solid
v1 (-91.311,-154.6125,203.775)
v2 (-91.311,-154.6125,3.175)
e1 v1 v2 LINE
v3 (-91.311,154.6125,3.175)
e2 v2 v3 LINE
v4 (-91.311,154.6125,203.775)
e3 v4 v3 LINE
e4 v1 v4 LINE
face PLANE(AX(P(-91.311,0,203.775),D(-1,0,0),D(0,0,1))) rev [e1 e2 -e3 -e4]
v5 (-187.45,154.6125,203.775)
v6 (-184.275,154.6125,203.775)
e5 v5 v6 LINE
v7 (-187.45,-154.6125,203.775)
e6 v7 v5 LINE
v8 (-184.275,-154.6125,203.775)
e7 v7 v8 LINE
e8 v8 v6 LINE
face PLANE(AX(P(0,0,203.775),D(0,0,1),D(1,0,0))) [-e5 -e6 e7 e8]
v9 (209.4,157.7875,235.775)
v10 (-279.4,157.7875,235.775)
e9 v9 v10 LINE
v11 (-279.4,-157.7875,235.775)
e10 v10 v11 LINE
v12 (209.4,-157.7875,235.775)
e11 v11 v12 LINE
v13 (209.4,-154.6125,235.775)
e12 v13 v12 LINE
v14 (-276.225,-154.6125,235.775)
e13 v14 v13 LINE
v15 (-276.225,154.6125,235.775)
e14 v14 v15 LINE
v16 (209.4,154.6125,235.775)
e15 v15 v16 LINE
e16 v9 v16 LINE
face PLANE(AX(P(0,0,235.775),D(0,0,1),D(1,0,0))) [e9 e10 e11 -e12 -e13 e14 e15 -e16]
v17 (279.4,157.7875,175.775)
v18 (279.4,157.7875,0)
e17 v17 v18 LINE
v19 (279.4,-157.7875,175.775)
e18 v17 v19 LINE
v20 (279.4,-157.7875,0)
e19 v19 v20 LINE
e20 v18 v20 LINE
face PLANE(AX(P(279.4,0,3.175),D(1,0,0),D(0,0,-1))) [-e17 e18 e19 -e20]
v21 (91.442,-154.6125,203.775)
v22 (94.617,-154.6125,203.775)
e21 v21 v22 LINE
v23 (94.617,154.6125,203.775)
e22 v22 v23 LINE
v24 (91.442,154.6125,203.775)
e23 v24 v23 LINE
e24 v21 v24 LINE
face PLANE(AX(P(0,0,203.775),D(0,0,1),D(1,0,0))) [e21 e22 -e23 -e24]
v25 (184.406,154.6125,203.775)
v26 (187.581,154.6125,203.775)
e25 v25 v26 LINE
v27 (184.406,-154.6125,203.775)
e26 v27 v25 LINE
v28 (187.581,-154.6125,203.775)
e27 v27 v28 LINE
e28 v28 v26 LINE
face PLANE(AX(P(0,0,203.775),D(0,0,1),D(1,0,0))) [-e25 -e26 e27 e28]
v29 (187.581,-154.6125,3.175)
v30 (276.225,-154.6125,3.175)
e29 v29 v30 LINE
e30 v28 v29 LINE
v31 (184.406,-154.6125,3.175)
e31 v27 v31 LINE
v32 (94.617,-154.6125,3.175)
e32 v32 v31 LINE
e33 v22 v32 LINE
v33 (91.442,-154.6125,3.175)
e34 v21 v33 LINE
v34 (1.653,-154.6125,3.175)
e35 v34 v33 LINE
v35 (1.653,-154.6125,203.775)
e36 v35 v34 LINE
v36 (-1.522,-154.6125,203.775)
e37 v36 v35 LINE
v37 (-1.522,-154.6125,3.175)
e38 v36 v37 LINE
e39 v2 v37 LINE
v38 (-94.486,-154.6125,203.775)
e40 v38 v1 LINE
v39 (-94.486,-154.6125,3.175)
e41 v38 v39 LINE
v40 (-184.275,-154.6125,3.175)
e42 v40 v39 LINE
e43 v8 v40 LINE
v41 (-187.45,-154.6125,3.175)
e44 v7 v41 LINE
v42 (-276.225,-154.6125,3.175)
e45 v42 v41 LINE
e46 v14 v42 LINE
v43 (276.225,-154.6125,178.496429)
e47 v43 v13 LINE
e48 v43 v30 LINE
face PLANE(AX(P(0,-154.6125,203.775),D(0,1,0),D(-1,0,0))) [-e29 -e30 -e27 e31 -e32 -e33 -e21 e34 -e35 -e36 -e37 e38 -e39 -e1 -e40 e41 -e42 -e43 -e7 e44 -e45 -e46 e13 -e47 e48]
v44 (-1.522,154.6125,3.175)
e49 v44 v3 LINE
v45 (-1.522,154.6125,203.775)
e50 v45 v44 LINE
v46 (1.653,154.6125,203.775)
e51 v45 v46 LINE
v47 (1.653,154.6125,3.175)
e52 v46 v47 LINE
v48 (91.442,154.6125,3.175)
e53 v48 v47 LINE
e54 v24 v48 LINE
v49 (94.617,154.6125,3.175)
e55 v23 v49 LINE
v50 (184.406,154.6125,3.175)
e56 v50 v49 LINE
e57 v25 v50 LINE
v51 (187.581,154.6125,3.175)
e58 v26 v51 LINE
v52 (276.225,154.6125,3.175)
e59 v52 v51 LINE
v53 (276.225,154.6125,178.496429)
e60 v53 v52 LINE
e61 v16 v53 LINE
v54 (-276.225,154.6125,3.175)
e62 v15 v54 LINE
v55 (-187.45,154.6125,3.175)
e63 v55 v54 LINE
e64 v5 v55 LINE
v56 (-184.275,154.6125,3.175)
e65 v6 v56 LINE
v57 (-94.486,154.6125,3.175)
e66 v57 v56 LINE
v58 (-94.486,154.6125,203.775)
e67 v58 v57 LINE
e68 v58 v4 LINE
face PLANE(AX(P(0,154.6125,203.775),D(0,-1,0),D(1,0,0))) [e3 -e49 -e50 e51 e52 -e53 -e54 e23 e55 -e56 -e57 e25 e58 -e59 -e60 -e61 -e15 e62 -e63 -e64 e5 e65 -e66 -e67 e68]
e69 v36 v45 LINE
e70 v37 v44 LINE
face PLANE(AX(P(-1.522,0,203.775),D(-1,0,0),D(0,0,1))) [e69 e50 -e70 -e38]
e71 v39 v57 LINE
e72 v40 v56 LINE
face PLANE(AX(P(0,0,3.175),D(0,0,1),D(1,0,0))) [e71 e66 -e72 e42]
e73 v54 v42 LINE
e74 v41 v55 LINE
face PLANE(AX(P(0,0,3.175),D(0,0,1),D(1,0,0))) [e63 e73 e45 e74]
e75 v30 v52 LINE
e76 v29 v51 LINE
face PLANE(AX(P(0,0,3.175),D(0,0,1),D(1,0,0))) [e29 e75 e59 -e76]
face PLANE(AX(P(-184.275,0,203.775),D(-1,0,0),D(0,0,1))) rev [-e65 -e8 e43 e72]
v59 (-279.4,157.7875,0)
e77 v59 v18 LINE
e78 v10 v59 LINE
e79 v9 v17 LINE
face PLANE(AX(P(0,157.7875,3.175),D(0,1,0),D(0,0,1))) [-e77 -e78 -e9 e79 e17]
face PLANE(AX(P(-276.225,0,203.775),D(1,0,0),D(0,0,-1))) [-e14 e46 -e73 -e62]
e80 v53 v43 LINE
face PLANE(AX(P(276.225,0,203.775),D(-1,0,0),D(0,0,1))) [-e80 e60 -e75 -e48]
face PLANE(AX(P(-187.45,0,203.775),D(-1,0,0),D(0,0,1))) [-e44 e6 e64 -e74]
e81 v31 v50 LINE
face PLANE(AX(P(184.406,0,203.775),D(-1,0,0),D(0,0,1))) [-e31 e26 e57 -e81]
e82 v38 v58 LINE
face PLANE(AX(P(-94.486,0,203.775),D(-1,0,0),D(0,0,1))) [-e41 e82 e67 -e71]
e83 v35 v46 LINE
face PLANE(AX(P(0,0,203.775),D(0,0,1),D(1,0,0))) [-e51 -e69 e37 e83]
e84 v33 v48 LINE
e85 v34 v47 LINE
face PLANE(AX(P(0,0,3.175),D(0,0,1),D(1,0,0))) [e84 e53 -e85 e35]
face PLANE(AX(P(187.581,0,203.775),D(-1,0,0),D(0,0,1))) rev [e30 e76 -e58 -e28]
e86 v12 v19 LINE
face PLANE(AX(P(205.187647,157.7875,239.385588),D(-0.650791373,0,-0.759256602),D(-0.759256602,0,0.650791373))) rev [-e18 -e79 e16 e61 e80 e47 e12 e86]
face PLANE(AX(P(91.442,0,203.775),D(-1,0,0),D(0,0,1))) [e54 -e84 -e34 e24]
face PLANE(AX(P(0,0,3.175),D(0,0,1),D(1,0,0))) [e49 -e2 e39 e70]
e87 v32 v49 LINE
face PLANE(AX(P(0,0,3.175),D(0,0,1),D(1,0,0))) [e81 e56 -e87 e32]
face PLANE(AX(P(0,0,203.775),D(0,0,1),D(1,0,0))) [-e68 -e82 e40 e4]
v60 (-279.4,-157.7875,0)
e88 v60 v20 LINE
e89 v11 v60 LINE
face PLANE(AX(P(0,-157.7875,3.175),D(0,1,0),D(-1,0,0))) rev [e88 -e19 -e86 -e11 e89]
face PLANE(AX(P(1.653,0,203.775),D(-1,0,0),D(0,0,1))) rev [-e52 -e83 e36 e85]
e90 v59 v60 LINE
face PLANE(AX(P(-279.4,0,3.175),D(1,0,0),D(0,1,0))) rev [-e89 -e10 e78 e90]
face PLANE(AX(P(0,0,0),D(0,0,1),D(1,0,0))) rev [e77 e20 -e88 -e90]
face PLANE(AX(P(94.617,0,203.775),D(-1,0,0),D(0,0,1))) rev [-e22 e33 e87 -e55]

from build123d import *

# Parameters (mm, degrees)
SKETCH1_W           = 558.8
SKETCH1_H           = 315.575
BOSS_EXTRUDE1_DEPTH = 3.175
SKETCH2_W           = 558.8
SKETCH2_H           = 315.575
SKETCH2_W_2         = 88.644
SKETCH2_H_2         = 309.225
SKETCH2_W_3         = 89.789
SKETCH2_W_4         = 88.775
BOSS_EXTRUDE2_DEPTH = 200.6
SKETCH3_W           = 558.8
SKETCH3_H           = 315.575
BOSS_EXTRUDE3_DEPTH = 32
CUT_EXTRUDE1_DEPTH  = 483.951127186


with BuildPart() as part:
    # Sketch1 → Boss-Extrude1 (new body)
    with BuildSketch(Plane.XY):
        Rectangle(SKETCH1_W, SKETCH1_H)
    extrude(amount=BOSS_EXTRUDE1_DEPTH)

    # Sketch2 → Boss-Extrude2 (add)
    with BuildSketch(Plane.XY.offset(3.175)):
        Rectangle(SKETCH2_W, SKETCH2_H)
        with Locations((231.903, 0)):
            Rectangle(SKETCH2_W_2, SKETCH2_H_2, mode=Mode.SUBTRACT)
        with Locations((139.5115, 0)):
            Rectangle(SKETCH2_W_3, SKETCH2_H_2, mode=Mode.SUBTRACT)
        with Locations((46.5475, 0)):
            Rectangle(SKETCH2_W_3, SKETCH2_H_2, mode=Mode.SUBTRACT)
        with Locations((-46.4165, 0)):
            Rectangle(SKETCH2_W_3, SKETCH2_H_2, mode=Mode.SUBTRACT)
        with Locations((-139.3805, 0)):
            Rectangle(SKETCH2_W_3, SKETCH2_H_2, mode=Mode.SUBTRACT)
        with Locations((-231.8375, 0)):
            Rectangle(SKETCH2_W_4, SKETCH2_H_2, mode=Mode.SUBTRACT)
    extrude(amount=BOSS_EXTRUDE2_DEPTH)

    # Sketch3 → Boss-Extrude3 (add)
    with BuildSketch(Plane.XY.offset(203.775)):
        Rectangle(SKETCH3_W, SKETCH3_H)
        Polygon((187.581, 154.6125), (276.225, 154.6125), (276.225, -154.6125), (187.581, -154.6125), (184.406, -154.6125), (94.617, -154.6125), (91.442, -154.6125), (1.653, -154.6125), (-1.522, -154.6125), (-91.311, -154.6125), (-94.486, -154.6125), (-184.275, -154.6125), (-187.45, -154.6125), (-276.225, -154.6125), (-276.225, 154.6125), (-187.45, 154.6125), (-184.275, 154.6125), (-94.486, 154.6125), (-91.311, 154.6125), (-1.522, 154.6125), (1.653, 154.6125), (91.442, 154.6125), (94.617, 154.6125), (184.406, 154.6125), align=None, mode=Mode.SUBTRACT)
    extrude(amount=BOSS_EXTRUDE3_DEPTH)

    # Sketch4 → Cut-Extrude1 (cut, through all)
    with BuildSketch(Plane.XZ.offset(157.7875)):
        Polygon((279.4, 235.775), (209.4, 235.775), (279.4, 175.775), align=None)
    extrude(amount=-CUT_EXTRUDE1_DEPTH, mode=Mode.SUBTRACT)


solid = part.part
